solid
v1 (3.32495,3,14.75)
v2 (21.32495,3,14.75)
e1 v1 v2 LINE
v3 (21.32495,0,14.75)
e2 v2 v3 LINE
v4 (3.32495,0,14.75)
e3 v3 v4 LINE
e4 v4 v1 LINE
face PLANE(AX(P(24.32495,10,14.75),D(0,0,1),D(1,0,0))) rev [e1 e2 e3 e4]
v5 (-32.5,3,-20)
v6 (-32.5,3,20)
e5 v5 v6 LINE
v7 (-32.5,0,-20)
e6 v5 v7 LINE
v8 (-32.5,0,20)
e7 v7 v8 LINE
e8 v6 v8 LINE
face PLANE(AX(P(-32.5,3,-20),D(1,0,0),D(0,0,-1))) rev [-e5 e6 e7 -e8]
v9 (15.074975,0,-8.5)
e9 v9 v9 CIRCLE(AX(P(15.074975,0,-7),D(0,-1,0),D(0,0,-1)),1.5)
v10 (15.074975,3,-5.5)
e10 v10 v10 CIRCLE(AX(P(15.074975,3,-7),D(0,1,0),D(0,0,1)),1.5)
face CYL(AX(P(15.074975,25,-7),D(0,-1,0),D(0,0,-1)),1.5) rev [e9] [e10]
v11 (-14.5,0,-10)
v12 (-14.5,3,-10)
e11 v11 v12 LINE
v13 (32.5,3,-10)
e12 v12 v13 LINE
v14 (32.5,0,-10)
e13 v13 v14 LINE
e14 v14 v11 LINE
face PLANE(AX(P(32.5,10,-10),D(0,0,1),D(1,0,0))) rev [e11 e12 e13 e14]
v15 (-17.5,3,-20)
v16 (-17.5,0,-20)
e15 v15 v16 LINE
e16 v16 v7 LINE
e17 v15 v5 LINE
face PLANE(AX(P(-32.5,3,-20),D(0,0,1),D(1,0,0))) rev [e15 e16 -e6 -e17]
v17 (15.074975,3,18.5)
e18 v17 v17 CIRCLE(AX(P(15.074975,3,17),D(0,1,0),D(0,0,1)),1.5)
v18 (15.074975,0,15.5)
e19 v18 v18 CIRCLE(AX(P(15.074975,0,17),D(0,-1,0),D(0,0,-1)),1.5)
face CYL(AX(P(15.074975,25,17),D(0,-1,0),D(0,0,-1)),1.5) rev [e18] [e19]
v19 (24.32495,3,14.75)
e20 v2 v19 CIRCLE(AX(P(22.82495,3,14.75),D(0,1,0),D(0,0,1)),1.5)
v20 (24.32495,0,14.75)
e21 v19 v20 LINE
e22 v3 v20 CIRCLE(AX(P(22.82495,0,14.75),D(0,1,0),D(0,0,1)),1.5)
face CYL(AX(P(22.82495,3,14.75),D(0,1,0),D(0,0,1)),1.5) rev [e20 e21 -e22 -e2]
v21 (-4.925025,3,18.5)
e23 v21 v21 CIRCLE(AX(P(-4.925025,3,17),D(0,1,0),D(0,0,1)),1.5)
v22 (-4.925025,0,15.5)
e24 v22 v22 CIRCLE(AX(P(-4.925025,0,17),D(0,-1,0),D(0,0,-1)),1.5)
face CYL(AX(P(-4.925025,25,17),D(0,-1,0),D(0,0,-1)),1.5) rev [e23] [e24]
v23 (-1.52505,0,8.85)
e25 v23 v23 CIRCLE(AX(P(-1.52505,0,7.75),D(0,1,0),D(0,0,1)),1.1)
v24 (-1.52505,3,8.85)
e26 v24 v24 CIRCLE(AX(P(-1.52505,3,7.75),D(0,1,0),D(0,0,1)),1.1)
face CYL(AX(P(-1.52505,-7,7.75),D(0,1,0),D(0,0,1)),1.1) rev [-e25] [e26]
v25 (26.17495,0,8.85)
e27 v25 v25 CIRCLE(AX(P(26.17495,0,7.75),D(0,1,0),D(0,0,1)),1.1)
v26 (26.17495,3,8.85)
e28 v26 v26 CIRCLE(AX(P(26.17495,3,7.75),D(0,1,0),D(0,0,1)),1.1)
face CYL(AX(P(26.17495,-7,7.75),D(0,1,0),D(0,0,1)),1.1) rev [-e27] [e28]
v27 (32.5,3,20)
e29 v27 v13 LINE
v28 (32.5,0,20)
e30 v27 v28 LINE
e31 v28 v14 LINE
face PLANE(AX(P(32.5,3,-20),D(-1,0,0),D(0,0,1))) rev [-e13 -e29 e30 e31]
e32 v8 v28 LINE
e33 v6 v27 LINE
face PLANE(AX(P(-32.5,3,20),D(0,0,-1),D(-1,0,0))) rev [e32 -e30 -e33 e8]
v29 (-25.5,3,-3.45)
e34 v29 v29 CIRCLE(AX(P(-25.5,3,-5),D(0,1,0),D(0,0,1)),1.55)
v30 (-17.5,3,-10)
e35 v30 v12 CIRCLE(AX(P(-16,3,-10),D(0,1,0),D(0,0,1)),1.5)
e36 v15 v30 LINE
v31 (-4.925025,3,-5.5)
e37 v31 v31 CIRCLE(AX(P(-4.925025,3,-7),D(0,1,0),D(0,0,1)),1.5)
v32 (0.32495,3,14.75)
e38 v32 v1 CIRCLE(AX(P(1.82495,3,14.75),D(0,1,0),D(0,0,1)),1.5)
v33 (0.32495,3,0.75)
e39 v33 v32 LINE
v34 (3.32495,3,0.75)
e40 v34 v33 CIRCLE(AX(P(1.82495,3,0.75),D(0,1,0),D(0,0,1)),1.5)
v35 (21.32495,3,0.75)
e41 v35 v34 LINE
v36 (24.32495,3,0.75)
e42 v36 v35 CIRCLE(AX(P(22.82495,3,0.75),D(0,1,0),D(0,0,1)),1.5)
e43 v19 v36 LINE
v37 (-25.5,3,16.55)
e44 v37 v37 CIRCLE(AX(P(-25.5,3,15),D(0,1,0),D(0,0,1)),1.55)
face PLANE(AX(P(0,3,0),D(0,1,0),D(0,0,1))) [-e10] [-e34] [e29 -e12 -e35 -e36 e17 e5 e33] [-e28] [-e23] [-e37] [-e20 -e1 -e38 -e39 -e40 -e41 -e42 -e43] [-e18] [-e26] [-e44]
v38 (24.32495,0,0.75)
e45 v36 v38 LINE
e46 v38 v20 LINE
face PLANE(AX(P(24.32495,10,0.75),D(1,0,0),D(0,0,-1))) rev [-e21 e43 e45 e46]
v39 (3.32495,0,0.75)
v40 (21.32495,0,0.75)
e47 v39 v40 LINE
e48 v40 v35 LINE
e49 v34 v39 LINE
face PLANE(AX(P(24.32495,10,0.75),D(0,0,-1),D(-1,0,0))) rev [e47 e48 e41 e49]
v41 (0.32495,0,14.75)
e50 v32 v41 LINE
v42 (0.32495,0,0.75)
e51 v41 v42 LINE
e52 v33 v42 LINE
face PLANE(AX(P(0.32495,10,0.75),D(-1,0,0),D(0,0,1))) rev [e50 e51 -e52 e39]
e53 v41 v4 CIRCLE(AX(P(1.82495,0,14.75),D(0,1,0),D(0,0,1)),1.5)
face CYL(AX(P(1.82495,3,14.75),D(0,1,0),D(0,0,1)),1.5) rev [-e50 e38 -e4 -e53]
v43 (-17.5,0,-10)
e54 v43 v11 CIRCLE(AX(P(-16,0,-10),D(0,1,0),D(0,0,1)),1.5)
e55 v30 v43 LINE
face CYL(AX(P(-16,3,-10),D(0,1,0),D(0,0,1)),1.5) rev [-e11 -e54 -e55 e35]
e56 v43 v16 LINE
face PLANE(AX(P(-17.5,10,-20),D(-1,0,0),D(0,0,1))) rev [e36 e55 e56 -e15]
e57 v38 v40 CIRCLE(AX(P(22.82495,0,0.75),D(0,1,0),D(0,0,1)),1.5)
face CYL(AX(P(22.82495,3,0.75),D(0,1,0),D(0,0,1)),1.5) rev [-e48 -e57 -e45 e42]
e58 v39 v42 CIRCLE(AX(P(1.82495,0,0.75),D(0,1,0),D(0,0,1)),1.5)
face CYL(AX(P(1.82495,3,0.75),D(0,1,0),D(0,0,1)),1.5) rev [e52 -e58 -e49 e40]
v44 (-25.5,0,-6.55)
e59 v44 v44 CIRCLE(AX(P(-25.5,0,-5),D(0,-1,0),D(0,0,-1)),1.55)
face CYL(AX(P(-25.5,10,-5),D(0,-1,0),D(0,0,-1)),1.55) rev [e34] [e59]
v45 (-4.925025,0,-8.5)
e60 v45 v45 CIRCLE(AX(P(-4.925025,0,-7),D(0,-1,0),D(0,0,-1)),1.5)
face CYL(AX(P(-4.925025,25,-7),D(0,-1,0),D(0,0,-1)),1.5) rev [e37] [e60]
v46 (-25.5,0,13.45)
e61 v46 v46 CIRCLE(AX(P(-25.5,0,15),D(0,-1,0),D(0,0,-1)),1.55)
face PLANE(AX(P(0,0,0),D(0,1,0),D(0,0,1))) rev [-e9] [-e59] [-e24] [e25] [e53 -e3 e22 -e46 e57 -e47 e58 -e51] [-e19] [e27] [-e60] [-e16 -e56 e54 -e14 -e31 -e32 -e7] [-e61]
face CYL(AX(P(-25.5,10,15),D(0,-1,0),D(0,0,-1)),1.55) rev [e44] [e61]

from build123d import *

# Parameters (mm, degrees)
SKETCH_1_W          = 65
SKETCH_1_H          = 40
EXTRUDE_1_DEPTH     = 3
SKETCH_2_R          = 1.55
CUT_EXTRUDE_1_DEPTH = 10
SKETCH_3_W          = 50
SKETCH_3_H          = 10
CUT_EXTRUDE_2_DEPTH = 10
SKETCH_4_W          = 24
SKETCH_4_H          = 14
CUT_EXTRUDE_3_DEPTH = 10
SKETCH_5_R          = 1.1
CUT_EXTRUDE_4_DEPTH = 10
SKETCH_6_R          = 1.5
CUT_EXTRUDE_5_DEPTH = 25
HOLE_WIZARD_1_D     = 3


with BuildPart() as part:
    # 草图1 → 凸台-拉伸1 (new body)
    with BuildSketch(Plane(origin=(0, 0, 0), x_dir=(1, 0, 0), z_dir=(0, 1, 0))):
        Rectangle(SKETCH_1_W, SKETCH_1_H)
    extrude(amount=EXTRUDE_1_DEPTH)

    # 草图2 → 切除-拉伸1 (cut)
    with BuildSketch(Plane(origin=(0, 0, 0), x_dir=(-1, 0, 0), z_dir=(0, -1, 0))):
        with Locations(Location((25.5, -15, 0), (0, 0, 90))):
            Circle(SKETCH_2_R)
        with Locations(Location((25.5, 5, 0), (0, 0, 90))):
            Circle(SKETCH_2_R)
    extrude(amount=-CUT_EXTRUDE_1_DEPTH, mode=Mode.SUBTRACT)

    # 草图3 → 切除-拉伸2 (cut)
    with BuildSketch(Plane(origin=(0, 0, 0), x_dir=(-1, 0, 0), z_dir=(0, -1, 0))):
        with Locations((-7.5, 15)):
            Rectangle(SKETCH_3_W, SKETCH_3_H)
    extrude(amount=-CUT_EXTRUDE_2_DEPTH, mode=Mode.SUBTRACT)

    # 草图4 → 切除-拉伸3 (cut)
    with BuildSketch(Plane(origin=(0, 0, 0), x_dir=(-1, 0, 0), z_dir=(0, -1, 0))):
        with Locations((-12.32495, -7.75)):
            Rectangle(SKETCH_4_W, SKETCH_4_H)
    extrude(amount=-CUT_EXTRUDE_3_DEPTH, mode=Mode.SUBTRACT)

    # 草图5 → 切除-拉伸4 (cut)
    with BuildSketch(Plane(origin=(0, 3, 0), x_dir=(1, 0, 0), z_dir=(0, 1, 0))):
        with Locations(Location((26.17495, -7.75, 0), (0, 0, 270))):
            Circle(SKETCH_5_R)
        with Locations(Location((-1.52505, -7.75, 0), (0, 0, 270))):
            Circle(SKETCH_5_R)
    extrude(amount=-CUT_EXTRUDE_4_DEPTH, mode=Mode.SUBTRACT)

    # 草图6 → 切除-拉伸5 (cut)
    with BuildSketch(Plane(origin=(0, 0, 0), x_dir=(-1, 0, 0), z_dir=(0, -1, 0))):
        with Locations(Location((-15.074975, -17, 0), (0, 0, 90))):
            Circle(SKETCH_6_R)
        with Locations(Location((4.925025, -17, 0), (0, 0, 90))):
            Circle(SKETCH_6_R)
        with Locations(Location((-15.074975, 7, 0), (0, 0, 90))):
            Circle(SKETCH_6_R)
        with Locations(Location((4.925025, 7, 0), (0, 0, 90))):
            Circle(SKETCH_6_R)
    extrude(amount=-CUT_EXTRUDE_5_DEPTH, mode=Mode.SUBTRACT)

    # 孔1 (through all)
    with Locations(Plane(origin=(0, 3, 0), x_dir=(1, 0, 0), z_dir=(0, 1, 0))):
        with Locations((-16, 10), (1.82495, -0.75), (22.82495, -0.75), (22.82495, -14.75), (1.82495, -14.75)):
            Hole(HOLE_WIZARD_1_D / 2)


solid = part.part
